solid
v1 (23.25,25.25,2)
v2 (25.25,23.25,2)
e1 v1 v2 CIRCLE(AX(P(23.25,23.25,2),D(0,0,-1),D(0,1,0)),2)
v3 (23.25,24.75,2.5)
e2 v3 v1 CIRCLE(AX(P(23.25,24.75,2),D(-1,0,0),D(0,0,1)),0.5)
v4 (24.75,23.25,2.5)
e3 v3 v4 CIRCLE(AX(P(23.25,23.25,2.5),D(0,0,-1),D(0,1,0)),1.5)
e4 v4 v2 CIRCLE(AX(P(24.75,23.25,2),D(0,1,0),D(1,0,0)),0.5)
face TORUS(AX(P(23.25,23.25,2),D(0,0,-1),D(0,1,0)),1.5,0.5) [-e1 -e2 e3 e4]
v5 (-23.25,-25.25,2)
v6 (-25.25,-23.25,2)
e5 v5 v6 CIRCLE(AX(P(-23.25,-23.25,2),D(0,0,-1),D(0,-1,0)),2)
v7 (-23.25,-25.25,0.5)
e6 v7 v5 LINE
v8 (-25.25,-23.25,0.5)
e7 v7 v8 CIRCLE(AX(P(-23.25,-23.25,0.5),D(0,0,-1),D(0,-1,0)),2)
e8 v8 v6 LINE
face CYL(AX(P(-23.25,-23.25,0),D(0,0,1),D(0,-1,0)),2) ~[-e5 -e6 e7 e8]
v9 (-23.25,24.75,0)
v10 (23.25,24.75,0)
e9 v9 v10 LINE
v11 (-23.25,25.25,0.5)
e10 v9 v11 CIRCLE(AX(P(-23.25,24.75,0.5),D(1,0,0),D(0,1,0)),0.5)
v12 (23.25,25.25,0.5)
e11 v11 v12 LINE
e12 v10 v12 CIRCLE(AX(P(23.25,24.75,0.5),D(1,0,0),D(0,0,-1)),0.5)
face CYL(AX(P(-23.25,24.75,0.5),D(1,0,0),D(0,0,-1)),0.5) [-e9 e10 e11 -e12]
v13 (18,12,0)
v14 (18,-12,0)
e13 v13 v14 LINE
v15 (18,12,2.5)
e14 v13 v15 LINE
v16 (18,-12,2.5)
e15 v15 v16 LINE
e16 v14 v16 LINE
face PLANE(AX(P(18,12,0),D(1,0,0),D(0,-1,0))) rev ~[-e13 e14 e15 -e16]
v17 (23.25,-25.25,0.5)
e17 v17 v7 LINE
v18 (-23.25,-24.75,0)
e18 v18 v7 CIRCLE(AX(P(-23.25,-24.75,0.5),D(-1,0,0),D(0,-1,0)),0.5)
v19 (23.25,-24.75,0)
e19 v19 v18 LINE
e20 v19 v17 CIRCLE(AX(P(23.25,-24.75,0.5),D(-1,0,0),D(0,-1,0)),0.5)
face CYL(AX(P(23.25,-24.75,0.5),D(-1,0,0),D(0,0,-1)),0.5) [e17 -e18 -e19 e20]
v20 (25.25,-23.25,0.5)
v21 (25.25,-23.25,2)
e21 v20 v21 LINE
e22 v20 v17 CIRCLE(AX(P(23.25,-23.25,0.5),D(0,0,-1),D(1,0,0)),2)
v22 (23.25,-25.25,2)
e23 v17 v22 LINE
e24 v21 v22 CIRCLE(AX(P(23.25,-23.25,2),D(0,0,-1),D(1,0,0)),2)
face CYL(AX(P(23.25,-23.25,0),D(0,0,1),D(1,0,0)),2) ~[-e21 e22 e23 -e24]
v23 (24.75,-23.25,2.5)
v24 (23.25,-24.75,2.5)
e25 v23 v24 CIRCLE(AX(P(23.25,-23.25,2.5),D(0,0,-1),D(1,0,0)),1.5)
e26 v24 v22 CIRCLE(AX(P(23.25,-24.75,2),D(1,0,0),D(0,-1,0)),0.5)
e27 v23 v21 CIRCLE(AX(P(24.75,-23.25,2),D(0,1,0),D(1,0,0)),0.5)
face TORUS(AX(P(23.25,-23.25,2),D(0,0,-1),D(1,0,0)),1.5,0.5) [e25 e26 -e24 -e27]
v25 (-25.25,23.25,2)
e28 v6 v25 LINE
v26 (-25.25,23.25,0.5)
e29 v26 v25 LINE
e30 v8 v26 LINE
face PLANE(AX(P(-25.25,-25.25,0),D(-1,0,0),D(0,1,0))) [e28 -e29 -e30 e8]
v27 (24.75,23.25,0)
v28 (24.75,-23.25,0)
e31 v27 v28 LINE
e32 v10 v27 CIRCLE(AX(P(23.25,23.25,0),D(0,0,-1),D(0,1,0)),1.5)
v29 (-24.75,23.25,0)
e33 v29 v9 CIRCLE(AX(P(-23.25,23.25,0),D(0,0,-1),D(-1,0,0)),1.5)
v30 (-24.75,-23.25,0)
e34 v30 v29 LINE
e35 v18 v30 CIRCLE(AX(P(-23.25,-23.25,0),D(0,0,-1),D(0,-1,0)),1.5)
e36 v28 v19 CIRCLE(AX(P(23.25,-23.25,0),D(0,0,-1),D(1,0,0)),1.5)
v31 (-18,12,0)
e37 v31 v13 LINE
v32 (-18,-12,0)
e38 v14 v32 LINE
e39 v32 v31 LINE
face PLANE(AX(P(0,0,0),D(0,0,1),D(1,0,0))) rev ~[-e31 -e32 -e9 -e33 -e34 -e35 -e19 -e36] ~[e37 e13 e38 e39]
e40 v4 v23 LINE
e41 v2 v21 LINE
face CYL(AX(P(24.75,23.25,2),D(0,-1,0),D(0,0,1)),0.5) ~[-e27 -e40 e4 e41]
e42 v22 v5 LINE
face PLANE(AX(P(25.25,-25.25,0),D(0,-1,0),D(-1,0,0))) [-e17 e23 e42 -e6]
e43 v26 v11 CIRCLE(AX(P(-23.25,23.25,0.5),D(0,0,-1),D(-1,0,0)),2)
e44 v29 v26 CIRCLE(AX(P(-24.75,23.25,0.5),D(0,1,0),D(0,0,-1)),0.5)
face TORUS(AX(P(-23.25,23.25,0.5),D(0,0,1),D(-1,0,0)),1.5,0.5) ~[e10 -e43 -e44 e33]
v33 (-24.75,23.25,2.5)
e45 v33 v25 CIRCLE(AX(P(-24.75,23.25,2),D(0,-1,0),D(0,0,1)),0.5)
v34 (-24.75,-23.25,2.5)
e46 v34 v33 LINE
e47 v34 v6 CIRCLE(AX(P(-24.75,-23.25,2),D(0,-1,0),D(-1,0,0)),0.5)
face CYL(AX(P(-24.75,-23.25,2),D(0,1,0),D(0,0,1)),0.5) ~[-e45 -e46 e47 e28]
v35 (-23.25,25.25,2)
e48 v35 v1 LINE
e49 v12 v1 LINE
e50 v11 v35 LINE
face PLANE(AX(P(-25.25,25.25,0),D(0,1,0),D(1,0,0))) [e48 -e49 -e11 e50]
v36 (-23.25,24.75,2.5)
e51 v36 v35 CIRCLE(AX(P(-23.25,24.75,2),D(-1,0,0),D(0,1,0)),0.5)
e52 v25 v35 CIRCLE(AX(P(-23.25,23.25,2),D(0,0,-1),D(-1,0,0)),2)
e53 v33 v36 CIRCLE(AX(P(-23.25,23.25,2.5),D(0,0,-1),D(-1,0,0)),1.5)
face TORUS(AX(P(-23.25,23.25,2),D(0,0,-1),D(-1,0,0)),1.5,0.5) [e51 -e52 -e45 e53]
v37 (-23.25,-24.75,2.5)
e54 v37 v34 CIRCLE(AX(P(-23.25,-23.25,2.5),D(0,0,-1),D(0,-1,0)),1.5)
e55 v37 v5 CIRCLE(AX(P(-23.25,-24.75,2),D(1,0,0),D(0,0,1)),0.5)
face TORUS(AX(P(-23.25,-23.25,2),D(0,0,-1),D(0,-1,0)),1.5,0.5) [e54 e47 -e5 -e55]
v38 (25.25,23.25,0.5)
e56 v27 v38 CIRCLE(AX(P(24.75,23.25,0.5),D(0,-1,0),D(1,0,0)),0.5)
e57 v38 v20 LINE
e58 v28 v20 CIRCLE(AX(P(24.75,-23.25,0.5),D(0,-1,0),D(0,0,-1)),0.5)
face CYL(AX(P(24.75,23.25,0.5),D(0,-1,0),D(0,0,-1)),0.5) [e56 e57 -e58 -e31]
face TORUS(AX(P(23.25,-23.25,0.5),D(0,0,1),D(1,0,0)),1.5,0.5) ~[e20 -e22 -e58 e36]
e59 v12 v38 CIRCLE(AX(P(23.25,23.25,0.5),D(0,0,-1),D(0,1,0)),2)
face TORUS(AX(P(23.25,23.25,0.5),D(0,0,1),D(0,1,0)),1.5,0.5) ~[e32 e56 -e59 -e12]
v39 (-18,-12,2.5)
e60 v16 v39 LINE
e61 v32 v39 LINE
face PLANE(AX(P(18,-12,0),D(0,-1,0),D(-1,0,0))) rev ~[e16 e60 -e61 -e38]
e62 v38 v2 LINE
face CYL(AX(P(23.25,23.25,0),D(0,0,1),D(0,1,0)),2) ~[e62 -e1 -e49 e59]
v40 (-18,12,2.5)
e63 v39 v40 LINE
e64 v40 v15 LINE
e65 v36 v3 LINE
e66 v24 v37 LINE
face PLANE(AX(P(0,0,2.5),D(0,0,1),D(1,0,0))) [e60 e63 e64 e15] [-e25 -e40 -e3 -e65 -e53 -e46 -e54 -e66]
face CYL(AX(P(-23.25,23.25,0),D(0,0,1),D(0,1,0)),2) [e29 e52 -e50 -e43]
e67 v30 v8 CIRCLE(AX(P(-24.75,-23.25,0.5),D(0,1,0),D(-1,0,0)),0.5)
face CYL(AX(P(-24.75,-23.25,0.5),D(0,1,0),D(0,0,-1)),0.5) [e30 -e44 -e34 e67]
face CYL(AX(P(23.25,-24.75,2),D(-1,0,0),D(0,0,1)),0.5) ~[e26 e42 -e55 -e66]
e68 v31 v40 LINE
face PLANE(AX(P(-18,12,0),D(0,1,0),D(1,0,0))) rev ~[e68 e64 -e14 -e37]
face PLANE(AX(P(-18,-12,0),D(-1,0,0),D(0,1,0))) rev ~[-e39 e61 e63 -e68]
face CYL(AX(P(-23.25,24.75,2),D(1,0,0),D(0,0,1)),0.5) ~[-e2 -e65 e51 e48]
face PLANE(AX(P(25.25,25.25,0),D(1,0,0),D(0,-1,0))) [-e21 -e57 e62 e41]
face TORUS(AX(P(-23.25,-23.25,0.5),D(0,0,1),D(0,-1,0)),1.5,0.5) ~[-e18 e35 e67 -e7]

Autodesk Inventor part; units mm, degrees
ref_plane "YZ Plane" through (0, 0, 0) normal (1, 0, 0) x (0, 1, 0)
ref_plane "XZ Plane" through (0, 0, 0) normal (0, 1, 0) x (-1, 0, 0)
ref_plane "XY Plane" through (0, 0, 0) normal (0, 0, 1) x (1, 0, 0)
sketch "Sketch1" plane through (0, 0, 0) normal (0, 0, 1) x (1, 0, 0)
  line L0 (-35.35, 0) -> (35.35, 0) construction
  line L1 (0, -35.35) -> (0, 35.35) construction
  line L2 (-25.25, 25.25) -> (25.25, 25.25)
  line L3 (25.25, 25.25) -> (25.25, -25.25)
  line L4 (25.25, -25.25) -> (-25.25, -25.25)
  line L5 (-25.25, -25.25) -> (-25.25, 25.25)
  line L6 (-18, 12) -> (18, 12)
  line L7 (18, 12) -> (18, -12)
  line L8 (18, -12) -> (-18, -12)
  line L9 (-18, -12) -> (-18, 12)
  point P0 (0, 0)
  point P1 (0, 25.25)
  point P2 (25.25, 0)
  point P3 (0, 12)
  point P4 (18, 0)
  dimension "d0" = 50.5
  dimension "d1" = 50.5
  dimension "d2" = 36
  dimension "d3" = 24
extrude "Extrusion1" add sketch "Sketch1" along normal blind 2.5
fillet "Fillet1" radius 2 4 edges at (-25.25, -25.25, 1.25) (25.25, -25.25, 1.25) (-25.25, 25.25, 1.25) (25.25, 25.25, 1.25)
fillet "Fillet2" radius 0.5 16 edges at (24.6642, -24.6642, 2.5) (25.25, 0, 2.5) (24.6642, 24.6642, 2.5) (0, 25.25, 2.5) (-24.6642, 24.6642, 2.5) (-25.25, 0, 2.5) (-24.6642, -24.6642, 2.5) (0, -25.25, 2.5) (-24.6642, -24.6642, 0) (-25.25, 0, 0) (-24.6642, 24.6642, 0) (0, 25.25, 0) (24.6642, 24.6642, 0) (25.25, 0, 0) (24.6642, -24.6642, 0) (0, -25.25, 0)
equation "\"d1\" = d0"
properties part number "F114DiaReseau"
